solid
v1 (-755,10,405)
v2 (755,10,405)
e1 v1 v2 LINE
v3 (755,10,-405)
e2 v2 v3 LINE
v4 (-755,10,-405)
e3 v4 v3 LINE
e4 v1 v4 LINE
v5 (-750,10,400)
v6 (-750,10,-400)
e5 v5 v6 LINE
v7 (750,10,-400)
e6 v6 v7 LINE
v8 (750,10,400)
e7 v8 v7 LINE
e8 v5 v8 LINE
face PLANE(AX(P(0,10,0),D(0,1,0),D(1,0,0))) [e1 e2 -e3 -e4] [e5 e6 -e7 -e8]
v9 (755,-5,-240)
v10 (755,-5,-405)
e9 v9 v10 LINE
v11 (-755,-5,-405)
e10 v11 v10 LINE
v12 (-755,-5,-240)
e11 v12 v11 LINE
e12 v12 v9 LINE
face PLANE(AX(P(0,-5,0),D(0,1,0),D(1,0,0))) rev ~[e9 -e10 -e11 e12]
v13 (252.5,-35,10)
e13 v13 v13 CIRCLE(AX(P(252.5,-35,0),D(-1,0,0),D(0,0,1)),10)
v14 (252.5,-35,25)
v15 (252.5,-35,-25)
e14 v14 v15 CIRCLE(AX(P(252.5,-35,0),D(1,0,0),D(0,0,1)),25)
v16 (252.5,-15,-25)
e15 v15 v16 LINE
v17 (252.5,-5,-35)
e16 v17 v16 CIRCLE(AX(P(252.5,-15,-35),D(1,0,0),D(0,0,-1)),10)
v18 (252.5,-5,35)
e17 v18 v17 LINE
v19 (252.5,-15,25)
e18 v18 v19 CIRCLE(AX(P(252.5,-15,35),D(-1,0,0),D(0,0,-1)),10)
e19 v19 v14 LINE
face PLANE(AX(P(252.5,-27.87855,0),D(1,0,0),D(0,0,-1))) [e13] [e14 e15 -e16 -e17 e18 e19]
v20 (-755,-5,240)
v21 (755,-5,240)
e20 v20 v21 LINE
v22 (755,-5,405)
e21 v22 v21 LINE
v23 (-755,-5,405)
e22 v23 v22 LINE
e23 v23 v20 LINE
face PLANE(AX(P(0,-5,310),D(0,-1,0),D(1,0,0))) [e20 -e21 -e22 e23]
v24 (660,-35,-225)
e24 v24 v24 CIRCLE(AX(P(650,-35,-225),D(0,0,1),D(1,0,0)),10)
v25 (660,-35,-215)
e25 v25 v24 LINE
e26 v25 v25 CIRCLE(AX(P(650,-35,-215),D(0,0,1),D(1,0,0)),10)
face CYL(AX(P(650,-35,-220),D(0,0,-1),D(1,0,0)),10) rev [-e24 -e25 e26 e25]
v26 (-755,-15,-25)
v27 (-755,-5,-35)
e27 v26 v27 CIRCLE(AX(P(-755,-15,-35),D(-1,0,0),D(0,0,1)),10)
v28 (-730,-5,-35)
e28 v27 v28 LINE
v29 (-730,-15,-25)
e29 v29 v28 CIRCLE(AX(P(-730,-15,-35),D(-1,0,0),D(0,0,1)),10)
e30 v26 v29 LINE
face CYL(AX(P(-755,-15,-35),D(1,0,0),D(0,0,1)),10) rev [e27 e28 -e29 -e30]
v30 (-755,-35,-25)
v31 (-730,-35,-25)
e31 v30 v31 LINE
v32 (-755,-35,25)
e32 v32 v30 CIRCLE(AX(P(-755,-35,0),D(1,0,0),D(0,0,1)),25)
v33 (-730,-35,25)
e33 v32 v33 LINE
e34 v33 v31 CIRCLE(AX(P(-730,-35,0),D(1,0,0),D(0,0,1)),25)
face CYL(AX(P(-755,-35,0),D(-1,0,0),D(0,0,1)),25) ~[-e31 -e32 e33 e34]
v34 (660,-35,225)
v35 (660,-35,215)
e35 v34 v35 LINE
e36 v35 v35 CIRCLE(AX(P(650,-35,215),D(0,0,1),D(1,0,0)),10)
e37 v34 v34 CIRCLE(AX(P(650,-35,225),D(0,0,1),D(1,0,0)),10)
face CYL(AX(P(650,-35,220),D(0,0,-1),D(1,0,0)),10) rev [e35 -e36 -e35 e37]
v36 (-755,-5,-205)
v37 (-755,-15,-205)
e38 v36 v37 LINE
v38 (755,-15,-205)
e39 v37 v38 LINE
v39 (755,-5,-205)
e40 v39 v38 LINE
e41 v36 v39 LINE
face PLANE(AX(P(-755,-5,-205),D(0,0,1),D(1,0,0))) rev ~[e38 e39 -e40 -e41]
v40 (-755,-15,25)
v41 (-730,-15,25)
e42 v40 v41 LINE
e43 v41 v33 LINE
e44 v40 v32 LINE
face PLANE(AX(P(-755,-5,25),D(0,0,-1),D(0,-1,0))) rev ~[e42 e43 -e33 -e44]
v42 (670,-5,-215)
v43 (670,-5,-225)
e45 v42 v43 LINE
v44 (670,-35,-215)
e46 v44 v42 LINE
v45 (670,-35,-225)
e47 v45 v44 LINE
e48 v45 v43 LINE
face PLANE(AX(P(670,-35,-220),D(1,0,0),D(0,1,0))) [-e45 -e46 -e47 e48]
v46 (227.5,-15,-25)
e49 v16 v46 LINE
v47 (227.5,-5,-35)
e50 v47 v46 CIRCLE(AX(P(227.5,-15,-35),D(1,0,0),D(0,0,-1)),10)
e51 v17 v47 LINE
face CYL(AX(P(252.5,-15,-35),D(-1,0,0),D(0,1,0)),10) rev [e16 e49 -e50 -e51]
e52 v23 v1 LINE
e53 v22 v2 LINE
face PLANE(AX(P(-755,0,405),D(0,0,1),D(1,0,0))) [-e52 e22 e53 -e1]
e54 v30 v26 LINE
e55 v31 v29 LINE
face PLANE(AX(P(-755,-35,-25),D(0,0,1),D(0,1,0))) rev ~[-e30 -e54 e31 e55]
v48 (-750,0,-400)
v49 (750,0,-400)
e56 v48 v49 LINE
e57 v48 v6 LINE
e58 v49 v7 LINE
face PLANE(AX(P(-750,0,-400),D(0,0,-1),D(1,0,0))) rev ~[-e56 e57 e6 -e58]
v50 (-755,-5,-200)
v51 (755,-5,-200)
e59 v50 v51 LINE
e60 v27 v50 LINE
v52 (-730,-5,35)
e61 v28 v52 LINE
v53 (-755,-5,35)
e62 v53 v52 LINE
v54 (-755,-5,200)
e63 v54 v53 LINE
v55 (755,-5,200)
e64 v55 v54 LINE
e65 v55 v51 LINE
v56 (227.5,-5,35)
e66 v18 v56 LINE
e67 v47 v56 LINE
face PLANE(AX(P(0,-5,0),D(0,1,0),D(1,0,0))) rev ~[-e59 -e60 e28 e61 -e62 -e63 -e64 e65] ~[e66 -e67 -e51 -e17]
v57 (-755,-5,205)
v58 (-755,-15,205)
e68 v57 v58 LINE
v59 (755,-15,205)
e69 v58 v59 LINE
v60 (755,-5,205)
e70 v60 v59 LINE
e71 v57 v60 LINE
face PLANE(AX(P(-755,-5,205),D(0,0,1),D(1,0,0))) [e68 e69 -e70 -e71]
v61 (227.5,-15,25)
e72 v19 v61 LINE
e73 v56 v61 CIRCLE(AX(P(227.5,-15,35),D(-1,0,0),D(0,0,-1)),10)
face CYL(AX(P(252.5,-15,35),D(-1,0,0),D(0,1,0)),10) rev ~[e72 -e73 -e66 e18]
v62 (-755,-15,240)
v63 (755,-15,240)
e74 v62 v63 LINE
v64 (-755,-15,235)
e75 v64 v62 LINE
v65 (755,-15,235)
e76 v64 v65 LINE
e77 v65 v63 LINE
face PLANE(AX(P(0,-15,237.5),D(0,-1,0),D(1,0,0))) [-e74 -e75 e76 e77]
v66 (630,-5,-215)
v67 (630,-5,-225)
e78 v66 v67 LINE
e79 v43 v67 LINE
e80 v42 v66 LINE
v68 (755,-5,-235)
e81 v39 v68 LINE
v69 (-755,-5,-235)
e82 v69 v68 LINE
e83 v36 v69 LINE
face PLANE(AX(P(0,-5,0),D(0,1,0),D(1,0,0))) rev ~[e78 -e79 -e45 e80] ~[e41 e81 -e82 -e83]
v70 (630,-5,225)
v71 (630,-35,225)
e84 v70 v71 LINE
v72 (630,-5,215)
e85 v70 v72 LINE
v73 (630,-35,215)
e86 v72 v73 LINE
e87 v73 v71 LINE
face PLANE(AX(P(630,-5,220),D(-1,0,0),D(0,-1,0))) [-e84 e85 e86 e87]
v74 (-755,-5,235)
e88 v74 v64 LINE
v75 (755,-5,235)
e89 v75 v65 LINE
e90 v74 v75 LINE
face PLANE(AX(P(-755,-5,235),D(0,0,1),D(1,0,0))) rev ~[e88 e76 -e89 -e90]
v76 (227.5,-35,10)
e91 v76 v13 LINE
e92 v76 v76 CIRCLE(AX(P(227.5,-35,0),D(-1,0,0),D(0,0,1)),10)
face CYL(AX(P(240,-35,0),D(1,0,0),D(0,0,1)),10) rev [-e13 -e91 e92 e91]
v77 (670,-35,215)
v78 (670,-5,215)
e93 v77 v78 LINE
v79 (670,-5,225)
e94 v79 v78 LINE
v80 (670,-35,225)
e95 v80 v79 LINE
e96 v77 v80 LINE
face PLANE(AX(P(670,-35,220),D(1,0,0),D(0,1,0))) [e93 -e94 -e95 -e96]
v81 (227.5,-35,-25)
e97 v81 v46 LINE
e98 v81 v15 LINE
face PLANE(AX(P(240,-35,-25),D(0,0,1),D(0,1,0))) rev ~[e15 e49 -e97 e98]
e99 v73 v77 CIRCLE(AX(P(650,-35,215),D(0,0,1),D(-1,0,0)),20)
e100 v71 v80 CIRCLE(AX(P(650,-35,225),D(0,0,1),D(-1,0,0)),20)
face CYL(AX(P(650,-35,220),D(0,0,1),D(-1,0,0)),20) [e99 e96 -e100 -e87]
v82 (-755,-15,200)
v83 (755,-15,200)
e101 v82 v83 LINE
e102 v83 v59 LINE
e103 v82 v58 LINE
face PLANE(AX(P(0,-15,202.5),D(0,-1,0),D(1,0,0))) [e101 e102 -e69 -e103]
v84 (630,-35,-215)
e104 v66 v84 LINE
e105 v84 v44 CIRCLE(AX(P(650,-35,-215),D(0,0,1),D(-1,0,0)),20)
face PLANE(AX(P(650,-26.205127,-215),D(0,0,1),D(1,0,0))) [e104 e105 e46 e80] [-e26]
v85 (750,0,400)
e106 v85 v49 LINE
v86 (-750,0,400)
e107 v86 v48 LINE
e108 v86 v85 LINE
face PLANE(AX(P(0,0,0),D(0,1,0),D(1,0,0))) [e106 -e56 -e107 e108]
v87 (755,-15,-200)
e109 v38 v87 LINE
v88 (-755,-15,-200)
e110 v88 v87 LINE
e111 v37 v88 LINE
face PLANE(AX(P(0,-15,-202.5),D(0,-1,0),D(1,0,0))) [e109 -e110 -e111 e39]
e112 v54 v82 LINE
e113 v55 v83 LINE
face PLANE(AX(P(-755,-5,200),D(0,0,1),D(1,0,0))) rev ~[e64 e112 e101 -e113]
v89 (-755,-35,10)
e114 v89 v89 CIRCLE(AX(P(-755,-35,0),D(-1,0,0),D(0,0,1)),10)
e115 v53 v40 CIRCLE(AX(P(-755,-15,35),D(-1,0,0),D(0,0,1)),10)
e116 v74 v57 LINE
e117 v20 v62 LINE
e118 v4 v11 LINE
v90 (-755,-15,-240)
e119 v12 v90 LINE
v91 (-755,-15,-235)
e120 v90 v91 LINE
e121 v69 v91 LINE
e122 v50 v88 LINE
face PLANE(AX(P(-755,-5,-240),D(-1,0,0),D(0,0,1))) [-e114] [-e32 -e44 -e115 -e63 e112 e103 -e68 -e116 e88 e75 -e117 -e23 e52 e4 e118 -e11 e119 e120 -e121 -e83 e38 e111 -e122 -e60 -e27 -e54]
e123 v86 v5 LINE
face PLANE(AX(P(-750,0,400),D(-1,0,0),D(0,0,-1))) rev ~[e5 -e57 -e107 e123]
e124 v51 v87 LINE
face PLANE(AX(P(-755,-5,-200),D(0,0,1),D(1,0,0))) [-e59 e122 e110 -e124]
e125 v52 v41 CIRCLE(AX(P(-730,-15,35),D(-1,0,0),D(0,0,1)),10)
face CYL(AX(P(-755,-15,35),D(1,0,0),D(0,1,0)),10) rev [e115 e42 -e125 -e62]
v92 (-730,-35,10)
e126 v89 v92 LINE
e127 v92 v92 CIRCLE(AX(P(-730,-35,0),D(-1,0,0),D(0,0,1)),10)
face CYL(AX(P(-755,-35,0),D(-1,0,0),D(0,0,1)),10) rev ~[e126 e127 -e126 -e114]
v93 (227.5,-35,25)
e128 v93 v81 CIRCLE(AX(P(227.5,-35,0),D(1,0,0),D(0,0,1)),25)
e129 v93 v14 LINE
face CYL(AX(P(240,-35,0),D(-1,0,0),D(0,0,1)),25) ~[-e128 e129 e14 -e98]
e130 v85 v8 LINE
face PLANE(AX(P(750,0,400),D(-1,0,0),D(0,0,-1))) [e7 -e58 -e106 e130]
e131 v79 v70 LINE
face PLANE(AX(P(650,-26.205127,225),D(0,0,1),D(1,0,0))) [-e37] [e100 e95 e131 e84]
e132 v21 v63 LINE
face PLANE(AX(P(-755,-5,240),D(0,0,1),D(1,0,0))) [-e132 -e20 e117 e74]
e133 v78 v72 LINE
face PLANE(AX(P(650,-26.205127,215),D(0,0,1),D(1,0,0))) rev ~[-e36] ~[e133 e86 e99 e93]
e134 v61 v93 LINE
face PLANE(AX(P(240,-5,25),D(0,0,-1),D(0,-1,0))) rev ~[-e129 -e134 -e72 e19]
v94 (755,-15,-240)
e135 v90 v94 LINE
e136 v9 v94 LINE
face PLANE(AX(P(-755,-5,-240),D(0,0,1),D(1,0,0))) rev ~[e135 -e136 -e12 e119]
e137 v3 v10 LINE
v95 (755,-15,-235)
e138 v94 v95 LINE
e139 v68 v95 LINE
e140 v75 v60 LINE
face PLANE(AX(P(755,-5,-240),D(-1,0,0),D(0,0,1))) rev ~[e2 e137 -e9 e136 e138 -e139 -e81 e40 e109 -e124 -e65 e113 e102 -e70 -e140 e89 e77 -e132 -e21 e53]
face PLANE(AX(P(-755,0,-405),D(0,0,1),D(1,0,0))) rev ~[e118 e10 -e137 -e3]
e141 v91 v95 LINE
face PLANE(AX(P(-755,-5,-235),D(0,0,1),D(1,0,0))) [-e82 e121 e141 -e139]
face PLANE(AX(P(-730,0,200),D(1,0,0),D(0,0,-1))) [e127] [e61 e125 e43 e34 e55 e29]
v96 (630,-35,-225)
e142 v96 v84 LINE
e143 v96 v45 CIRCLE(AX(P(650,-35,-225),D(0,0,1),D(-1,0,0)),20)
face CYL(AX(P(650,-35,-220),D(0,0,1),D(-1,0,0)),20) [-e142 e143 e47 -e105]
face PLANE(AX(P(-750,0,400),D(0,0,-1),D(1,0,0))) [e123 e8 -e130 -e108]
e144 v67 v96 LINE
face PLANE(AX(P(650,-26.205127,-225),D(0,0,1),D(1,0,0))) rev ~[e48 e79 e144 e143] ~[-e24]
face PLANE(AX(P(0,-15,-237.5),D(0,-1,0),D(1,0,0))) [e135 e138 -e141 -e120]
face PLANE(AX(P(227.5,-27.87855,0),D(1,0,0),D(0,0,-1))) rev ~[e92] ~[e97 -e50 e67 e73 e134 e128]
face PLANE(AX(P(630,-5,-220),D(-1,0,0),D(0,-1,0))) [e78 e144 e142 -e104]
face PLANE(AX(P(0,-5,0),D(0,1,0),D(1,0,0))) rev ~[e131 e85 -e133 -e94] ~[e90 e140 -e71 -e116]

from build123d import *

# Parameters (mm, degrees)
SKETCH2_W                 = 1510
SKETCH2_H                 = 810
SKETCH2_W_2               = 1500
SKETCH2_H_2               = 800
BOSS_EXTRUDE1_DEPTH       = 10
SKETCH3_W                 = 1510
SKETCH3_H                 = 810
SKETCH3_W_2               = 1460
SKETCH3_H_2               = 140
SKETCH3_W_3               = 30
SKETCH3_H_3               = 400
SKETCH3_W_4               = 1200
BOSS_EXTRUDE2_DEPTH       = 5
SKETCH5_W                 = 1510
SKETCH5_H                 = 5
BOSS_EXTRUDE3_DEPTH       = 10
LPATTERN1_COUNT           = 2
LPATTERN1_PITCH           = 35
LPATTERN2_COUNT           = 2
LPATTERN2_PITCH           = 440
LPATTERN2_COPY_1_SKETCH_W = 1510
LPATTERN2_COPY_1_SKETCH_H = 5
LPATTERN2_COPY_1_DEPTH    = 10
SKETCH6_R                 = 10
BOSS_EXTRUDE4_DEPTH       = 5
LPATTERN3_COUNT           = 2
LPATTERN3_PITCH           = 440
SKETCH8_R                 = 10
BOSS_EXTRUDE5_DEPTH       = 25
SKETCH9_W                 = 80
SKETCH9_H                 = 400
BOSS_EXTRUDE6_DEPTH       = 5
SKETCH10_R                = 10
BOSS_EXTRUDE7_DEPTH       = 12.5
SKETCH12_W                = 400
SKETCH12_H                = 5
BOSS_EXTRUDE8_DEPTH       = 100
FILLET3_R                 = 10
FILLET4_R                 = 10
FILLET5_R                 = 10
FILLET6_R                 = 10
SKETCH13_W                = 1460
SKETCH13_H                = 140
SKETCH13_W_2              = 800
SKETCH13_H_2              = 400
SKETCH13_W_3              = 30
SKETCH13_W_4              = 220
BOSS_EXTRUDE9_DEPTH       = 5


with BuildPart() as part:
    # Sketch2 → Boss-Extrude1 (new body)
    with BuildSketch(Plane(origin=(0, 0, 0), x_dir=(1, 0, 0), z_dir=(0, 1, 0))):
        Rectangle(SKETCH2_W, SKETCH2_H)
        Rectangle(SKETCH2_W_2, SKETCH2_H_2, mode=Mode.SUBTRACT)
    extrude(amount=BOSS_EXTRUDE1_DEPTH)

    # Sketch3 → Boss-Extrude2 (add)
    with BuildSketch(Plane(origin=(0, 0, 0), x_dir=(1, 0, 0), z_dir=(0, 1, 0))):
        Rectangle(SKETCH3_W, SKETCH3_H)
        with Locations((0, -310)):
            Rectangle(SKETCH3_W_2, SKETCH3_H_2, mode=Mode.SUBTRACT)
        with Locations((0, 310)):
            Rectangle(SKETCH3_W_2, SKETCH3_H_2, mode=Mode.SUBTRACT)
        with Locations((-715, 0)):
            Rectangle(SKETCH3_W_3, SKETCH3_H_3, mode=Mode.SUBTRACT)
        with Locations((715, 0)):
            Rectangle(SKETCH3_W_3, SKETCH3_H_3, mode=Mode.SUBTRACT)
        Rectangle(SKETCH3_W_4, SKETCH3_H_3, mode=Mode.SUBTRACT)
    extrude(amount=-BOSS_EXTRUDE2_DEPTH)

    # Sketch5 → Boss-Extrude3 (add)
    with BuildSketch(Plane.XZ.offset(5)):
        with Locations((0, 237.5)):
            Rectangle(SKETCH5_W, SKETCH5_H)
    boss_extrude3 = extrude(amount=BOSS_EXTRUDE3_DEPTH)

    # LPattern1: Boss-Extrude3 ×2
    with Locations(*[(0, 0, -i * LPATTERN1_PITCH) for i in range(1, LPATTERN1_COUNT)]):
        add(boss_extrude3)

    # LPattern2: Boss-Extrude3 ×2
    with Locations(*[(0, 0, -i * LPATTERN2_PITCH) for i in range(1, LPATTERN2_COUNT)]):
        add(boss_extrude3)

    # LPattern2 copy 1 sketch → LPattern2 copy 1 (add)
    with BuildSketch(Plane(origin=(0, -5, -475), x_dir=(1, 0, 0), z_dir=(0, -1, 0))):
        with Locations((0, 237.5)):
            Rectangle(LPATTERN2_COPY_1_SKETCH_W, LPATTERN2_COPY_1_SKETCH_H)
    extrude(amount=LPATTERN2_COPY_1_DEPTH)

    # Sketch6 → Boss-Extrude4 (add, symmetric)
    with BuildSketch(Plane.XY.offset(220)):
        with BuildLine():
            Line((630, -5), (630, -35))
            ThreePointArc((630, -35), (650, -55), (670, -35))
            Line((670, -35), (670, -5))
            Line((670, -5), (630, -5))
        make_face()
        with Locations((650, -35)):
            Circle(SKETCH6_R, mode=Mode.SUBTRACT)
    boss_extrude4 = extrude(amount=BOSS_EXTRUDE4_DEPTH, both=True)

    # LPattern3: Boss-Extrude4 ×2
    with Locations(*[(0, 0, -i * LPATTERN3_PITCH) for i in range(1, LPATTERN3_COUNT)]):
        add(boss_extrude4)

    # Sketch8 → Boss-Extrude5 (add)
    with BuildSketch(Plane.ZY.offset(755)):
        with BuildLine():
            Line((-25, -35), (-25, -5))
            Line((-25, -5), (25, -5))
            Line((25, -5), (25, -35))
            ThreePointArc((25, -35), (0, -60), (-25, -35))
        make_face()
        with Locations((0, -35)):
            Circle(SKETCH8_R, mode=Mode.SUBTRACT)
    extrude(amount=-BOSS_EXTRUDE5_DEPTH)

    # Sketch9 → Boss-Extrude6 (add)
    with BuildSketch(Plane(origin=(0, 0, 0), x_dir=(1, 0, 0), z_dir=(0, 1, 0))):
        with Locations((240, 0)):
            Rectangle(SKETCH9_W, SKETCH9_H)
    extrude(amount=-BOSS_EXTRUDE6_DEPTH)

    # Sketch10 → Boss-Extrude7 (add, symmetric)
    with BuildSketch(Plane.ZY.offset(-240)):
        with BuildLine():
            Line((25, -5), (25, -35))
            ThreePointArc((25, -35), (0, -60), (-25, -35))
            Line((-25, -35), (-25, -5))
            Line((-25, -5), (25, -5))
        make_face()
        with Locations((0, -35)):
            Circle(SKETCH10_R, mode=Mode.SUBTRACT)
    extrude(amount=BOSS_EXTRUDE7_DEPTH, both=True)

    # Sketch12 → Boss-Extrude8 (add)
    with BuildSketch(Plane(origin=(280, 0, 0), x_dir=(0, 0, -1), z_dir=(1, 0, 0))):
        with Locations((0, -2.5)):
            Rectangle(SKETCH12_W, SKETCH12_H)
    extrude(amount=BOSS_EXTRUDE8_DEPTH)

    # Fillet3
    fillet3_edges = [part.edges().sort_by_distance(p)[0] for p in [
        (240, -5, 25),
    ]]
    fillet(fillet3_edges, radius=FILLET3_R)

    # Fillet4
    fillet4_edges = [part.edges().sort_by_distance(p)[0] for p in [
        (240, -5, -25),
    ]]
    fillet(fillet4_edges, radius=FILLET4_R)

    # Fillet5
    fillet5_edges = [part.edges().sort_by_distance(p)[0] for p in [
        (-742.5, -5, 25),
    ]]
    fillet(fillet5_edges, radius=FILLET5_R)

    # Fillet6
    fillet6_edges = [part.edges().sort_by_distance(p)[0] for p in [
        (-742.5, -5, -25),
    ]]
    fillet(fillet6_edges, radius=FILLET6_R)

    # Sketch13 → Boss-Extrude9 (add)
    with BuildSketch(Plane.XZ.offset(5)):
        with Locations((0, 310)):
            Rectangle(SKETCH13_W, SKETCH13_H)
        with Locations((0, -310)):
            Rectangle(SKETCH13_W, SKETCH13_H)
        with Locations((-200, 0)):
            Rectangle(SKETCH13_W_2, SKETCH13_H_2)
        with Locations((-715, 0)):
            Rectangle(SKETCH13_W_3, SKETCH13_H_2)
        with Locations((490, 0)):
            Rectangle(SKETCH13_W_4, SKETCH13_H_2)
        with Locations((715, 0)):
            Rectangle(SKETCH13_W_3, SKETCH13_H_2)
    extrude(amount=-BOSS_EXTRUDE9_DEPTH)


solid = part.part
